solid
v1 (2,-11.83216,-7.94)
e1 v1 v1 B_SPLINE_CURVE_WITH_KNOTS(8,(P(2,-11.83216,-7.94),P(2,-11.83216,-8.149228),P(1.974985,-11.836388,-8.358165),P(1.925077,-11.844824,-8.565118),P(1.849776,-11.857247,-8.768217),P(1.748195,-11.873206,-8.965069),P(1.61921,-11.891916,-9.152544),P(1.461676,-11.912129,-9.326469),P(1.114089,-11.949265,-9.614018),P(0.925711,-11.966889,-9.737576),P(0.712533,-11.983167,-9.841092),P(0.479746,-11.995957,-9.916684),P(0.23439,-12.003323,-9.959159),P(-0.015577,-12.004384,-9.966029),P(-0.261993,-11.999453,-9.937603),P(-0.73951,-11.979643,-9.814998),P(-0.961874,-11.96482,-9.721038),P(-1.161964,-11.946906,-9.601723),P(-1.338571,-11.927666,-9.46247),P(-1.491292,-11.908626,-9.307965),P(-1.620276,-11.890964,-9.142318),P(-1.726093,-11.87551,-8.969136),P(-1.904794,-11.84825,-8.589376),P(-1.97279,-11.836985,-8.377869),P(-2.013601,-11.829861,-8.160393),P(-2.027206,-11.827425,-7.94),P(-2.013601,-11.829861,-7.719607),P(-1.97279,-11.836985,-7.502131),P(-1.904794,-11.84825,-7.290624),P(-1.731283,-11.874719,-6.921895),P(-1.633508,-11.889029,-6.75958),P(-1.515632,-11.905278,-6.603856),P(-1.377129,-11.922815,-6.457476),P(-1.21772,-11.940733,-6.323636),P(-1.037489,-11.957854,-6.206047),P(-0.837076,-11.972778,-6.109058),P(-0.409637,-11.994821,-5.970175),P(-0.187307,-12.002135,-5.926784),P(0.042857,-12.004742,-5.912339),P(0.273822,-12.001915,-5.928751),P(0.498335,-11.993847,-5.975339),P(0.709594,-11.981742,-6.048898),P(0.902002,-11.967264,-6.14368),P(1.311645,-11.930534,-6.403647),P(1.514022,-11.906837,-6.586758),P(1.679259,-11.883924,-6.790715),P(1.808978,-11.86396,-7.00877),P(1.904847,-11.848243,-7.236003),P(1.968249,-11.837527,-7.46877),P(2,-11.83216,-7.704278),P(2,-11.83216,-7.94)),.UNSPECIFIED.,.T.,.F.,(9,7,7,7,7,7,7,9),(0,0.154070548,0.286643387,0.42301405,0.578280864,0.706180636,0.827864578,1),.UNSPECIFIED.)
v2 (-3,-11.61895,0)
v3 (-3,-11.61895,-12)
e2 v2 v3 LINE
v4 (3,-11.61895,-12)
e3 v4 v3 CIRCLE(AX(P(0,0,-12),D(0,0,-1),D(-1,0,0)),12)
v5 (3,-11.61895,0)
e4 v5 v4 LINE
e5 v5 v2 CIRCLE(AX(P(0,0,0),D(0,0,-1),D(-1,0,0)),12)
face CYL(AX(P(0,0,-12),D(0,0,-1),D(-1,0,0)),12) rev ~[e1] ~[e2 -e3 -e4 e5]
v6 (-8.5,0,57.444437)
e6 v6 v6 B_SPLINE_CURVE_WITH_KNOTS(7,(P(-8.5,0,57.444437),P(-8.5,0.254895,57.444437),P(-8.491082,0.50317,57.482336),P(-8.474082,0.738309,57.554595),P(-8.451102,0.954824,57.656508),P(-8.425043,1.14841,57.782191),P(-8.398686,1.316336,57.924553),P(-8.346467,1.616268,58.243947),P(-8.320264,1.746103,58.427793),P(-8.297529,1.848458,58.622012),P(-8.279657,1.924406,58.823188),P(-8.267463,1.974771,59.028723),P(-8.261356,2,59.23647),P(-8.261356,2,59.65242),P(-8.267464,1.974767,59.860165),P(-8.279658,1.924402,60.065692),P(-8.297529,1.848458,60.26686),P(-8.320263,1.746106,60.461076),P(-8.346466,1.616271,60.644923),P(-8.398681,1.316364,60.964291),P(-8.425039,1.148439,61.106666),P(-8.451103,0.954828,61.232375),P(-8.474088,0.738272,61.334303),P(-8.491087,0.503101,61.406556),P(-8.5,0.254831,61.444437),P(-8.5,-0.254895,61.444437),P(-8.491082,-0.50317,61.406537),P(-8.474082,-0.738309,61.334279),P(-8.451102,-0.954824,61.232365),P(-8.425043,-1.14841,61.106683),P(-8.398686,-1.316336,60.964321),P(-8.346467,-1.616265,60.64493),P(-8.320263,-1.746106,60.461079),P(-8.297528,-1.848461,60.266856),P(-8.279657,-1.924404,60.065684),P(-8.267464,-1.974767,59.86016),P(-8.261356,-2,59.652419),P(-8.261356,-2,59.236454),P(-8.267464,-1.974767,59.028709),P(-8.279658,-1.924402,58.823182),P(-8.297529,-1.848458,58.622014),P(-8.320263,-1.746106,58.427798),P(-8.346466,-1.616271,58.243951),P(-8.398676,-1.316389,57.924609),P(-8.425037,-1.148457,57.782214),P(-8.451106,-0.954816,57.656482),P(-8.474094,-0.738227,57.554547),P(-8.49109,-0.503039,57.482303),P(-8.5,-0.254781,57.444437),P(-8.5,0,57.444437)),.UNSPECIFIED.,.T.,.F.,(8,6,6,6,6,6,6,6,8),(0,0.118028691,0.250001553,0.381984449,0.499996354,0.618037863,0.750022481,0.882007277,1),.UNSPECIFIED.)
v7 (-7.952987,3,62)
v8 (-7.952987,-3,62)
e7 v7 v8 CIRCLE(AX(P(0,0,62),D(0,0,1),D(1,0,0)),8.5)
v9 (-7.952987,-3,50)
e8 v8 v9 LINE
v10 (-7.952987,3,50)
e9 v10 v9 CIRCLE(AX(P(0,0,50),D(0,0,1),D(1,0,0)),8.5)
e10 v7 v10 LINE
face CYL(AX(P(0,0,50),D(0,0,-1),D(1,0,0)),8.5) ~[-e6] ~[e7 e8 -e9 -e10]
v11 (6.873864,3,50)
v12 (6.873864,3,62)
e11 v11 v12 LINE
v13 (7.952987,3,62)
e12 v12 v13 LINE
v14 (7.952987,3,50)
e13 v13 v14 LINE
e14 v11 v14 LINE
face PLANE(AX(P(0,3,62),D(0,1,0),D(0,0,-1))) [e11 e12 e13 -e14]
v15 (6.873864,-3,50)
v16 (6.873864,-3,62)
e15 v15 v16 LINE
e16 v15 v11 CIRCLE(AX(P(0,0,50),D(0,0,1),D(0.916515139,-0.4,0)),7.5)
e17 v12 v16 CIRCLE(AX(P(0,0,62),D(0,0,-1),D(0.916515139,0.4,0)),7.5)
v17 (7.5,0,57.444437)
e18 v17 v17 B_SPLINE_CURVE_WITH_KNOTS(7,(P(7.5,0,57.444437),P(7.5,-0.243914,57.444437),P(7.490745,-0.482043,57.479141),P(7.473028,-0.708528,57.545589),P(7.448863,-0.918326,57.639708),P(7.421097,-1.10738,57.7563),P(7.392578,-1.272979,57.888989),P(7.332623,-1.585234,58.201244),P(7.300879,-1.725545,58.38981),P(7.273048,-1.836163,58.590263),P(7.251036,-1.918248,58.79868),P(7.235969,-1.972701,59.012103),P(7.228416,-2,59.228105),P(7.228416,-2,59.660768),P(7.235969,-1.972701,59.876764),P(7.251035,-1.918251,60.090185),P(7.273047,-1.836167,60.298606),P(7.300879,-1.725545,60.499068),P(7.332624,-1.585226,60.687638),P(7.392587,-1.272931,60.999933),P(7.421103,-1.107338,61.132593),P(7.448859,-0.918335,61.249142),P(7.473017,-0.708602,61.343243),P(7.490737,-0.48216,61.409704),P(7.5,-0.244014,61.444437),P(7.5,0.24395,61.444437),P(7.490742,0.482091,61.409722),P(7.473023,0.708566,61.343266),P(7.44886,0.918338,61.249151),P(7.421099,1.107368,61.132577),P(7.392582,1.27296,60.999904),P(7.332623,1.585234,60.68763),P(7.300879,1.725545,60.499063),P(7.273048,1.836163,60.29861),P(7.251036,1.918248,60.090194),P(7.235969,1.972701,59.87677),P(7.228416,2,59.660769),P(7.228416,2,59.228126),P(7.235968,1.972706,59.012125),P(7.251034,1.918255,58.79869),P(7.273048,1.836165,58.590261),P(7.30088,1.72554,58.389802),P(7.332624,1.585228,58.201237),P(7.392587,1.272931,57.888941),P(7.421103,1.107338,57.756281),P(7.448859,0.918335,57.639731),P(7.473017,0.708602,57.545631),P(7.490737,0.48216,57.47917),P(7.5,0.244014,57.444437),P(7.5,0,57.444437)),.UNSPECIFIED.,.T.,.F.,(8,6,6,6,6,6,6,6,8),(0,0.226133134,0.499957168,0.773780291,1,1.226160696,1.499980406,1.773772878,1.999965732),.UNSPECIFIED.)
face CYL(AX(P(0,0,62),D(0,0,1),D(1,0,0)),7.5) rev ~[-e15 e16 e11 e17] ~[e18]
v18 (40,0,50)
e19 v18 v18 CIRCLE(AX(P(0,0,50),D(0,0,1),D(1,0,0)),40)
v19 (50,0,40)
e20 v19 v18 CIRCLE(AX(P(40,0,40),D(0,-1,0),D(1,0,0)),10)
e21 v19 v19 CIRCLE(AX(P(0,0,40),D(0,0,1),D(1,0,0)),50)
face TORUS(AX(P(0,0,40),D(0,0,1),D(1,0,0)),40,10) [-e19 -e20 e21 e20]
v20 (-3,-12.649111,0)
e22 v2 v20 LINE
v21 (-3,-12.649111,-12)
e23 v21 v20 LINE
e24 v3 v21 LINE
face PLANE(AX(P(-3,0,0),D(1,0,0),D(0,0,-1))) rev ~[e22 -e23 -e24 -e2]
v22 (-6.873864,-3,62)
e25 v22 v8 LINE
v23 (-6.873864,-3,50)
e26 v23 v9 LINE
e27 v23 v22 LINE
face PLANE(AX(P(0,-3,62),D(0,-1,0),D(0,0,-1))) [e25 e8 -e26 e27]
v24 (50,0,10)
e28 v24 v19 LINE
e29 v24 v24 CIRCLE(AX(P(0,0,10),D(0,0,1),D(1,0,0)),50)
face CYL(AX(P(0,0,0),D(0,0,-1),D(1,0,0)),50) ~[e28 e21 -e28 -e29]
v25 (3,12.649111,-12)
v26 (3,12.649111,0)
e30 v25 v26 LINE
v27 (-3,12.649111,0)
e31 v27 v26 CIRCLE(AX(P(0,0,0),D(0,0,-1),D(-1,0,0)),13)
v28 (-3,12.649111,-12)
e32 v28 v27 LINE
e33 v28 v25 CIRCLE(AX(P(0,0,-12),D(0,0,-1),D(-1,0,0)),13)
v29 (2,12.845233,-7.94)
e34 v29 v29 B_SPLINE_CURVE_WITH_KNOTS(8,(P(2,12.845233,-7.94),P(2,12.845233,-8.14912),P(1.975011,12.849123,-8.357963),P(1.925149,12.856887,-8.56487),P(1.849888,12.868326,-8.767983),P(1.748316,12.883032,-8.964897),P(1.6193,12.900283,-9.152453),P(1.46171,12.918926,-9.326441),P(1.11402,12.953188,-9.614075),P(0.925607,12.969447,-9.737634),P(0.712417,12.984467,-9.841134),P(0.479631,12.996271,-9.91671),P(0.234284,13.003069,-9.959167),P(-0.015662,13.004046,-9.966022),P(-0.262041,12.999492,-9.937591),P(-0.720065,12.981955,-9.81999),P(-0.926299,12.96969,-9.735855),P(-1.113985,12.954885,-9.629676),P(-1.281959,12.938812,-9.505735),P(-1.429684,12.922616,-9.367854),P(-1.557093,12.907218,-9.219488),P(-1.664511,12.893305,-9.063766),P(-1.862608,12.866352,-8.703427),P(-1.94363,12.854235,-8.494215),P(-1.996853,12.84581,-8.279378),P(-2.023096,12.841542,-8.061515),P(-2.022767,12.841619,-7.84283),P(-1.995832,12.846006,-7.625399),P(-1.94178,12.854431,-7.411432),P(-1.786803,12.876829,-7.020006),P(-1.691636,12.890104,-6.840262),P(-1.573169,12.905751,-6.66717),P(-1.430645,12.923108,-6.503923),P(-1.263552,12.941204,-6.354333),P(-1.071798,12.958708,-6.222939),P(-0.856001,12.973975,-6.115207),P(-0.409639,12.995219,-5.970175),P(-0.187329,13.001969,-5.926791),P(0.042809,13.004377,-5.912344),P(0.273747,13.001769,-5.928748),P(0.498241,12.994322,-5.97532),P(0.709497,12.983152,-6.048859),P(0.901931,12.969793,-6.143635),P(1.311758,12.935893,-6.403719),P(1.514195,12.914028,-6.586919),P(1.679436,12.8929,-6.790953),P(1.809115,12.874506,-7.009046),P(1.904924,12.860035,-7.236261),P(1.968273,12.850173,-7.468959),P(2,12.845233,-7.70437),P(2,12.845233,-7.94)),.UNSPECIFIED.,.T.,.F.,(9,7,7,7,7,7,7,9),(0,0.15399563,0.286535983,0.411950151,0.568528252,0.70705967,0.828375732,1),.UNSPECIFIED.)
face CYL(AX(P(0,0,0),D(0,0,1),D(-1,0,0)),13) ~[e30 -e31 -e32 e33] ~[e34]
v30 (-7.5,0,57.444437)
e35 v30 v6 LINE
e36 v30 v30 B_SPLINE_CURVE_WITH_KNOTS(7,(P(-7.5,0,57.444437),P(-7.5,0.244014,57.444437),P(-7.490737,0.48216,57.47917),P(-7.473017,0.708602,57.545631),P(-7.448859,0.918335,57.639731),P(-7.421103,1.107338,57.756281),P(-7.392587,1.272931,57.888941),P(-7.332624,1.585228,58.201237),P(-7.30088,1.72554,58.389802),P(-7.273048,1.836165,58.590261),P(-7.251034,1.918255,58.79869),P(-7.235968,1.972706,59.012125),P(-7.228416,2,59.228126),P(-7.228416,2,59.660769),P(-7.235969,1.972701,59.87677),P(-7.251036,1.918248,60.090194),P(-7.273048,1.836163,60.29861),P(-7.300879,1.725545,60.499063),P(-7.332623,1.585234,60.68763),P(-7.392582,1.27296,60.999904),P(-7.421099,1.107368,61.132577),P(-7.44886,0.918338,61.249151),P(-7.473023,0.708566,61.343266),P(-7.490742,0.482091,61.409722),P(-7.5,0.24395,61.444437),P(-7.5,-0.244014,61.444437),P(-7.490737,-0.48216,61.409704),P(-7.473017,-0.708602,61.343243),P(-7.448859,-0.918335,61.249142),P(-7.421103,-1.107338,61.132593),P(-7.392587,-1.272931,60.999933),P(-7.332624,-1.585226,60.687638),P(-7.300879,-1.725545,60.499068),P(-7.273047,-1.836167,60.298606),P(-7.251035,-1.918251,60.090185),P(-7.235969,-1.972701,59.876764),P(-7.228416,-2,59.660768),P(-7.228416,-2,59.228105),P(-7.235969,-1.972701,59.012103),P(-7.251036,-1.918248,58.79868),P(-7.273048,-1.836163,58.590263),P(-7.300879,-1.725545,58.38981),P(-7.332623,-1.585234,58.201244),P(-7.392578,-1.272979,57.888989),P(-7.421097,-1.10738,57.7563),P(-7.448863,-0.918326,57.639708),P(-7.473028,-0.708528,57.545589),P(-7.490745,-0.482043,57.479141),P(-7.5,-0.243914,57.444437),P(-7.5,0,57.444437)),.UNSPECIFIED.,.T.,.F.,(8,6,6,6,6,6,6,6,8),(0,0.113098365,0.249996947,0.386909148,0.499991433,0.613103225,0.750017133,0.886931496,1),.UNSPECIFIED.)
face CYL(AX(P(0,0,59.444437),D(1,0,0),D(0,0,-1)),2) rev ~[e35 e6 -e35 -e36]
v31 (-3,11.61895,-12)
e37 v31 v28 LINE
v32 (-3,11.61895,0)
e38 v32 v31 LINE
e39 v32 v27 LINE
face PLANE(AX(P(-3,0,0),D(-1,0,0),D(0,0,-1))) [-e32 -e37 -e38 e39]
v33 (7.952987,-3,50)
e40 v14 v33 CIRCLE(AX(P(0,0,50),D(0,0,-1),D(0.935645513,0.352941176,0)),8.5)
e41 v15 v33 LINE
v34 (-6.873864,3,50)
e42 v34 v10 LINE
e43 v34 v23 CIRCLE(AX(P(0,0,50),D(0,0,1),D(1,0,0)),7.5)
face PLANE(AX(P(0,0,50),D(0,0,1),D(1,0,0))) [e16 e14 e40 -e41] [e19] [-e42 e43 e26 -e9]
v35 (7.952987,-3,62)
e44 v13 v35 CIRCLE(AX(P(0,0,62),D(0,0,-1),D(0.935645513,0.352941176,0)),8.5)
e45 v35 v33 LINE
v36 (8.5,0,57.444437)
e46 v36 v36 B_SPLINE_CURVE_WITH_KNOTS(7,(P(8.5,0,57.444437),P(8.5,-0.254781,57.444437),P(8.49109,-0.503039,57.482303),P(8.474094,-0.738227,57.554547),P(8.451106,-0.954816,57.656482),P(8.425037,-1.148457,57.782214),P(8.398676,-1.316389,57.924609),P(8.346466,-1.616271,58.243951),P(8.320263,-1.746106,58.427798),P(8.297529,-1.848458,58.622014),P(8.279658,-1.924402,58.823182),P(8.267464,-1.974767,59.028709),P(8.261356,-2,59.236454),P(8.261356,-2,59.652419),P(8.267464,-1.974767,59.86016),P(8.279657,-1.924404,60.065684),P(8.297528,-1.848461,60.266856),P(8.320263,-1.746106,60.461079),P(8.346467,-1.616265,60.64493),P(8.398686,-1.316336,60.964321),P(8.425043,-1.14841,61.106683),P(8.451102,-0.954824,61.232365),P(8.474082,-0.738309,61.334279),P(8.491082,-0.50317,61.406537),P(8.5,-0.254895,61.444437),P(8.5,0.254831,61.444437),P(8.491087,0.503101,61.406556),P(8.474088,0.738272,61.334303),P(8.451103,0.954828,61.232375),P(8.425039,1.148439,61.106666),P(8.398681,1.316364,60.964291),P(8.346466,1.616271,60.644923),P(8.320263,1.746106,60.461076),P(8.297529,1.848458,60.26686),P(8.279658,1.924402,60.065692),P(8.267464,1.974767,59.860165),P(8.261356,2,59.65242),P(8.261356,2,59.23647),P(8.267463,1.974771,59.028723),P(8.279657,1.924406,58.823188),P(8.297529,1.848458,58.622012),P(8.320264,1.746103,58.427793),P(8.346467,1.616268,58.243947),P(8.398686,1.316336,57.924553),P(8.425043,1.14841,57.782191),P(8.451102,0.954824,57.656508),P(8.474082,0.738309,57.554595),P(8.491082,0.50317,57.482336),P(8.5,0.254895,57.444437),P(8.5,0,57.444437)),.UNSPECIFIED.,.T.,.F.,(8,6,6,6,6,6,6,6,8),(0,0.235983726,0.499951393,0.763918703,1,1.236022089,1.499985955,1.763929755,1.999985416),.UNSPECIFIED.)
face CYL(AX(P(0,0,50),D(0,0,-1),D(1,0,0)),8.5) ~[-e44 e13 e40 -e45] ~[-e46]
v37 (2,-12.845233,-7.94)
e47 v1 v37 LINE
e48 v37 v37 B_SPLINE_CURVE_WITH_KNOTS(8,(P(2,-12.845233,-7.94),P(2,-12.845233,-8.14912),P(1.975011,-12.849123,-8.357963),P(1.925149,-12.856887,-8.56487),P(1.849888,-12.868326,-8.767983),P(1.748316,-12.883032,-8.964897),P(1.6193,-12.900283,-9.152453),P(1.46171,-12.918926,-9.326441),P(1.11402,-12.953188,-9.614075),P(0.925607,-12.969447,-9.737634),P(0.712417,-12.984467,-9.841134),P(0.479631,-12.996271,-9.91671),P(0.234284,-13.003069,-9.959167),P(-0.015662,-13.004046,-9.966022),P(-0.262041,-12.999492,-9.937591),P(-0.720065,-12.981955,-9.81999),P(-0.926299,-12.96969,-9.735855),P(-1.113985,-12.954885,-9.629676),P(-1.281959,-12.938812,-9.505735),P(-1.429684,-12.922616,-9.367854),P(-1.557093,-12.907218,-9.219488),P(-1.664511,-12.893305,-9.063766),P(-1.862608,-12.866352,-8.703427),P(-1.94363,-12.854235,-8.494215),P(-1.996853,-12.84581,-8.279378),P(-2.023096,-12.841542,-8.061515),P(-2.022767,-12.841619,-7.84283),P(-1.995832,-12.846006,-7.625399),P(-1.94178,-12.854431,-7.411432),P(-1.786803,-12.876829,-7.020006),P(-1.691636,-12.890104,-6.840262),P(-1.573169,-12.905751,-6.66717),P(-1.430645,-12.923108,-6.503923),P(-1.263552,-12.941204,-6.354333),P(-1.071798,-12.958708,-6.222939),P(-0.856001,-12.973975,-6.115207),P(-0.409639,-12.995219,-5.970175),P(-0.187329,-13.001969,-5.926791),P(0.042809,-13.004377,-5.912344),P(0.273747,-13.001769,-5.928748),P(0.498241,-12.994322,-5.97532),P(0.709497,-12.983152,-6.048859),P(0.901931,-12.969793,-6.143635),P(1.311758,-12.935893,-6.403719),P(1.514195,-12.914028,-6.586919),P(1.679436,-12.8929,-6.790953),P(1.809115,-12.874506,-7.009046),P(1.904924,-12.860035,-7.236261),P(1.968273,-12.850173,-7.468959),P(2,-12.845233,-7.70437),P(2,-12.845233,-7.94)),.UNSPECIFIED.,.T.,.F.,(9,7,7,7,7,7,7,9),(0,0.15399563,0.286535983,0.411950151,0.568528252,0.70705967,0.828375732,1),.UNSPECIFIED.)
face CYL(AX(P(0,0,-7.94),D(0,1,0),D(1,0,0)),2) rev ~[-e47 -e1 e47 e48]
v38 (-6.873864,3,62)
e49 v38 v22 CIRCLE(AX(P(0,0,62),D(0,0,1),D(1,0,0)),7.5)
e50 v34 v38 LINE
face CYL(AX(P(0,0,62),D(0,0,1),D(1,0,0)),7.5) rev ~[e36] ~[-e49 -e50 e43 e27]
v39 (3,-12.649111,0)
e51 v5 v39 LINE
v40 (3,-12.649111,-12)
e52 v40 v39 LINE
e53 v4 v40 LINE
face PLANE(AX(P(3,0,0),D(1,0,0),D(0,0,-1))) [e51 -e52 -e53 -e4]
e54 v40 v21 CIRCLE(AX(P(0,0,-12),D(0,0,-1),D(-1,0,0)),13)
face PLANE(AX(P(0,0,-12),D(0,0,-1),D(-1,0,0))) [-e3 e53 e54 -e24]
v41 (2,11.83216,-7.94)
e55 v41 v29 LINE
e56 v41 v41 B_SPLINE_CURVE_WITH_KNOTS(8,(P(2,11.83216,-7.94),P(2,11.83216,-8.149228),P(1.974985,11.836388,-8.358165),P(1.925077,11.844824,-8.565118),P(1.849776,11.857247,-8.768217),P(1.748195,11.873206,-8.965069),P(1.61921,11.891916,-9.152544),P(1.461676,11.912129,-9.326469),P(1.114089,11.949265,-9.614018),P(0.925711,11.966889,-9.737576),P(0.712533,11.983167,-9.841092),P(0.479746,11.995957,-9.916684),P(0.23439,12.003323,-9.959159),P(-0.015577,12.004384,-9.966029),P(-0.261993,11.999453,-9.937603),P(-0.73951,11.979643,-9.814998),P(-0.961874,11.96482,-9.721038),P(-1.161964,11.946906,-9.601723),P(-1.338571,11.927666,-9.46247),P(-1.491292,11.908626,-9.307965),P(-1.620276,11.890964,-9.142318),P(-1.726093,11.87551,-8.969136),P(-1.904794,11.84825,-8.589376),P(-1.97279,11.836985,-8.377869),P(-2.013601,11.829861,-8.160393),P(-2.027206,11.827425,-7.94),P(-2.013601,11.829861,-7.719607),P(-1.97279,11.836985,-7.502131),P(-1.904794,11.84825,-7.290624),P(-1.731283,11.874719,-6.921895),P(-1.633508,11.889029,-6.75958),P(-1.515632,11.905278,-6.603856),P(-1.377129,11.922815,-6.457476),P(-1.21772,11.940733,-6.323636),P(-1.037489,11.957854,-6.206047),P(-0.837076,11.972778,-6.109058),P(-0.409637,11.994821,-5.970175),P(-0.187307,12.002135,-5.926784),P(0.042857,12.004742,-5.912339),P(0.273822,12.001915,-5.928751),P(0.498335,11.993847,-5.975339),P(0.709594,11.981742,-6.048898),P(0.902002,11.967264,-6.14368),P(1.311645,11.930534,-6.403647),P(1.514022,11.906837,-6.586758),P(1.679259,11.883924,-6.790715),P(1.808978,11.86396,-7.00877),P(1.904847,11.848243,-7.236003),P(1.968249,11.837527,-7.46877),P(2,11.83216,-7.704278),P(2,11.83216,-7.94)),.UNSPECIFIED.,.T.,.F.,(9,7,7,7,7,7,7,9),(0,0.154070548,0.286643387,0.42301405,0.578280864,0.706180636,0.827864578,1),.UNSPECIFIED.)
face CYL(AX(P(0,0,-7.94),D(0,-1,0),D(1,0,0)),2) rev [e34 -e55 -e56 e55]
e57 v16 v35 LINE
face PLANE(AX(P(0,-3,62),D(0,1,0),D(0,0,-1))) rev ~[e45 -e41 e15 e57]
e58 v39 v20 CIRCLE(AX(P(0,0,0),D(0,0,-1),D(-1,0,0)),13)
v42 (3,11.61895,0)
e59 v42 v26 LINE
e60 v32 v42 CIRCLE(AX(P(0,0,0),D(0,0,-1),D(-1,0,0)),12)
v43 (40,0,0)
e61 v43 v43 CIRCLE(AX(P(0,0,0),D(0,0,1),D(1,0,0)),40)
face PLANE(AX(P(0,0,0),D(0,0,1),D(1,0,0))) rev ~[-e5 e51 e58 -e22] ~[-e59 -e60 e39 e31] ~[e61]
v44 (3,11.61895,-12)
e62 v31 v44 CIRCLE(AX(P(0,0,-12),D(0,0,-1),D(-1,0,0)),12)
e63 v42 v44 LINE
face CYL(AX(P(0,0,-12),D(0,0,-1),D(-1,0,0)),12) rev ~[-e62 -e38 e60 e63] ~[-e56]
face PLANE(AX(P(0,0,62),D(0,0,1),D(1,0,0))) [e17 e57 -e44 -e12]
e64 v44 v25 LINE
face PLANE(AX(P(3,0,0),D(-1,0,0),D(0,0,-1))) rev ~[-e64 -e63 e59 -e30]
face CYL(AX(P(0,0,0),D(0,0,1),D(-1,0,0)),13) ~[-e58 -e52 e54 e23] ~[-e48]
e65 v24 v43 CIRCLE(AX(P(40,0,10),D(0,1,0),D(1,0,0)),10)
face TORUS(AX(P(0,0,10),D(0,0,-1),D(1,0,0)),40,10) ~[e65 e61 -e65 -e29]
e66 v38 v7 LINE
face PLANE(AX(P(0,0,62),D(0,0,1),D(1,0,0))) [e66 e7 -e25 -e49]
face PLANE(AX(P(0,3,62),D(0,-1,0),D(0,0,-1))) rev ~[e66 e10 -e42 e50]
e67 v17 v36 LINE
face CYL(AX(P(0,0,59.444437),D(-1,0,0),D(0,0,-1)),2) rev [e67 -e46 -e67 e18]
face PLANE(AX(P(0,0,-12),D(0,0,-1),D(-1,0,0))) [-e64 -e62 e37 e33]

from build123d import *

# Parameters (mm, degrees)
SKETCH2_R                = 50
BOSS_EXTRUDE1_DEPTH      = 50
SKETCH3_R                = 13
BOSS_EXTRUDE2_DEPTH      = 12
SKETCH7_R                = 12
CUT_EXTRUDE3_DEPTH       = 12
SKETCH11_R               = 8.5
BOSS_EXTRUDE3_DEPTH      = 12
SKETCH12_R               = 7.5
CUT_EXTRUDE7_DEPTH       = 12
CUT_EXTRUDE8_DEPTH       = 12
CUT_EXTRUDE8_DEPTH_BACK  = 12
SKETCH15_R               = 2
CUT_EXTRUDE9_DEPTH       = 12
CUT_EXTRUDE9_DEPTH_BACK  = 12
SKETCH16_W               = 12
SKETCH16_H               = 5.5
CUT_EXTRUDE12_DEPTH      = 16
CUT_EXTRUDE12_DEPTH_BACK = 16
SKETCH19_R               = 2
CUT_EXTRUDE13_DEPTH      = 16
CUT_EXTRUDE13_DEPTH_BACK = 16
SKETCH20_W               = 10
SKETCH20_H               = 12
FILLET1_R                = 10


with BuildPart() as part:
    # Sketch2 → Boss-Extrude1 (new body)
    with BuildSketch(Plane.XY):
        Circle(SKETCH2_R)
    extrude(amount=BOSS_EXTRUDE1_DEPTH)

    # Sketch3 → Boss-Extrude2 (add)
    with BuildSketch(Plane(origin=(0, 0, 0), x_dir=(-1, 0, 0), z_dir=(0, 0, -1))):
        Circle(SKETCH3_R)
    extrude(amount=BOSS_EXTRUDE2_DEPTH)

    # Sketch7 → Cut-Extrude3 (cut)
    with BuildSketch(Plane(origin=(0, 0, -12), x_dir=(-1, 0, 0), z_dir=(0, 0, -1))):
        Circle(SKETCH7_R)
    extrude(amount=-CUT_EXTRUDE3_DEPTH, mode=Mode.SUBTRACT)

    # Sketch11 → Boss-Extrude3 (add)
    with BuildSketch(Plane.XY.offset(50)):
        Circle(SKETCH11_R)
    extrude(amount=BOSS_EXTRUDE3_DEPTH)

    # Sketch12 → Cut-Extrude7 (cut)
    with BuildSketch(Plane.XY.offset(62)):
        Circle(SKETCH12_R)
    extrude(amount=-CUT_EXTRUDE7_DEPTH, mode=Mode.SUBTRACT)

    # Sketch15 → Cut-Extrude8 (cut, two sides: drawn at the far end of the back side and taken through both)
    with BuildSketch(Plane(origin=(0, 0, 0), x_dir=(0, 0, -1), z_dir=(1, 0, 0)).offset(-CUT_EXTRUDE8_DEPTH_BACK)):
        with Locations((-59.444436812, 0)):
            Circle(SKETCH15_R)
    extrude(amount=CUT_EXTRUDE8_DEPTH + CUT_EXTRUDE8_DEPTH_BACK, mode=Mode.SUBTRACT)

    # Sketch16 → Cut-Extrude9 (cut, two sides: drawn at the far end of the back side and taken through both)
    with BuildSketch(Plane(origin=(0, 0, 0), x_dir=(0, 0, -1), z_dir=(1, 0, 0)).offset(-CUT_EXTRUDE9_DEPTH_BACK)):
        with Locations((-56, 5.75)):
            Rectangle(SKETCH16_W, SKETCH16_H)
        with Locations((-56, -5.75)):
            Rectangle(SKETCH16_W, SKETCH16_H)
    extrude(amount=CUT_EXTRUDE9_DEPTH + CUT_EXTRUDE9_DEPTH_BACK, mode=Mode.SUBTRACT)

    # Sketch19 → Cut-Extrude12 (cut, two sides: drawn at the far end of the back side and taken through both)
    with BuildSketch(Plane(origin=(0, 0, 0), x_dir=(1, 0, 0), z_dir=(0, 1, 0)).offset(-CUT_EXTRUDE12_DEPTH_BACK)):
        with Locations((0, 7.94)):
            Circle(SKETCH19_R)
    extrude(amount=CUT_EXTRUDE12_DEPTH + CUT_EXTRUDE12_DEPTH_BACK, mode=Mode.SUBTRACT)

    # Sketch20 → Cut-Extrude13 (cut, two sides: drawn at the far end of the back side and taken through both)
    with BuildSketch(Plane(origin=(0, 0, 0), x_dir=(1, 0, 0), z_dir=(0, 1, 0)).offset(-CUT_EXTRUDE13_DEPTH_BACK)):
        with Locations((-8, 6)):
            Rectangle(SKETCH20_W, SKETCH20_H)
        with Locations((8, 6)):
            Rectangle(SKETCH20_W, SKETCH20_H)
    extrude(amount=CUT_EXTRUDE13_DEPTH + CUT_EXTRUDE13_DEPTH_BACK, mode=Mode.SUBTRACT)

    # Fillet1
    fillet1_edges = [part.edges().sort_by_distance(p)[0] for p in [
        (-50, 0, 0),
        (-50, 0, 50),
    ]]
    fillet(fillet1_edges, radius=FILLET1_R)


solid = part.part
